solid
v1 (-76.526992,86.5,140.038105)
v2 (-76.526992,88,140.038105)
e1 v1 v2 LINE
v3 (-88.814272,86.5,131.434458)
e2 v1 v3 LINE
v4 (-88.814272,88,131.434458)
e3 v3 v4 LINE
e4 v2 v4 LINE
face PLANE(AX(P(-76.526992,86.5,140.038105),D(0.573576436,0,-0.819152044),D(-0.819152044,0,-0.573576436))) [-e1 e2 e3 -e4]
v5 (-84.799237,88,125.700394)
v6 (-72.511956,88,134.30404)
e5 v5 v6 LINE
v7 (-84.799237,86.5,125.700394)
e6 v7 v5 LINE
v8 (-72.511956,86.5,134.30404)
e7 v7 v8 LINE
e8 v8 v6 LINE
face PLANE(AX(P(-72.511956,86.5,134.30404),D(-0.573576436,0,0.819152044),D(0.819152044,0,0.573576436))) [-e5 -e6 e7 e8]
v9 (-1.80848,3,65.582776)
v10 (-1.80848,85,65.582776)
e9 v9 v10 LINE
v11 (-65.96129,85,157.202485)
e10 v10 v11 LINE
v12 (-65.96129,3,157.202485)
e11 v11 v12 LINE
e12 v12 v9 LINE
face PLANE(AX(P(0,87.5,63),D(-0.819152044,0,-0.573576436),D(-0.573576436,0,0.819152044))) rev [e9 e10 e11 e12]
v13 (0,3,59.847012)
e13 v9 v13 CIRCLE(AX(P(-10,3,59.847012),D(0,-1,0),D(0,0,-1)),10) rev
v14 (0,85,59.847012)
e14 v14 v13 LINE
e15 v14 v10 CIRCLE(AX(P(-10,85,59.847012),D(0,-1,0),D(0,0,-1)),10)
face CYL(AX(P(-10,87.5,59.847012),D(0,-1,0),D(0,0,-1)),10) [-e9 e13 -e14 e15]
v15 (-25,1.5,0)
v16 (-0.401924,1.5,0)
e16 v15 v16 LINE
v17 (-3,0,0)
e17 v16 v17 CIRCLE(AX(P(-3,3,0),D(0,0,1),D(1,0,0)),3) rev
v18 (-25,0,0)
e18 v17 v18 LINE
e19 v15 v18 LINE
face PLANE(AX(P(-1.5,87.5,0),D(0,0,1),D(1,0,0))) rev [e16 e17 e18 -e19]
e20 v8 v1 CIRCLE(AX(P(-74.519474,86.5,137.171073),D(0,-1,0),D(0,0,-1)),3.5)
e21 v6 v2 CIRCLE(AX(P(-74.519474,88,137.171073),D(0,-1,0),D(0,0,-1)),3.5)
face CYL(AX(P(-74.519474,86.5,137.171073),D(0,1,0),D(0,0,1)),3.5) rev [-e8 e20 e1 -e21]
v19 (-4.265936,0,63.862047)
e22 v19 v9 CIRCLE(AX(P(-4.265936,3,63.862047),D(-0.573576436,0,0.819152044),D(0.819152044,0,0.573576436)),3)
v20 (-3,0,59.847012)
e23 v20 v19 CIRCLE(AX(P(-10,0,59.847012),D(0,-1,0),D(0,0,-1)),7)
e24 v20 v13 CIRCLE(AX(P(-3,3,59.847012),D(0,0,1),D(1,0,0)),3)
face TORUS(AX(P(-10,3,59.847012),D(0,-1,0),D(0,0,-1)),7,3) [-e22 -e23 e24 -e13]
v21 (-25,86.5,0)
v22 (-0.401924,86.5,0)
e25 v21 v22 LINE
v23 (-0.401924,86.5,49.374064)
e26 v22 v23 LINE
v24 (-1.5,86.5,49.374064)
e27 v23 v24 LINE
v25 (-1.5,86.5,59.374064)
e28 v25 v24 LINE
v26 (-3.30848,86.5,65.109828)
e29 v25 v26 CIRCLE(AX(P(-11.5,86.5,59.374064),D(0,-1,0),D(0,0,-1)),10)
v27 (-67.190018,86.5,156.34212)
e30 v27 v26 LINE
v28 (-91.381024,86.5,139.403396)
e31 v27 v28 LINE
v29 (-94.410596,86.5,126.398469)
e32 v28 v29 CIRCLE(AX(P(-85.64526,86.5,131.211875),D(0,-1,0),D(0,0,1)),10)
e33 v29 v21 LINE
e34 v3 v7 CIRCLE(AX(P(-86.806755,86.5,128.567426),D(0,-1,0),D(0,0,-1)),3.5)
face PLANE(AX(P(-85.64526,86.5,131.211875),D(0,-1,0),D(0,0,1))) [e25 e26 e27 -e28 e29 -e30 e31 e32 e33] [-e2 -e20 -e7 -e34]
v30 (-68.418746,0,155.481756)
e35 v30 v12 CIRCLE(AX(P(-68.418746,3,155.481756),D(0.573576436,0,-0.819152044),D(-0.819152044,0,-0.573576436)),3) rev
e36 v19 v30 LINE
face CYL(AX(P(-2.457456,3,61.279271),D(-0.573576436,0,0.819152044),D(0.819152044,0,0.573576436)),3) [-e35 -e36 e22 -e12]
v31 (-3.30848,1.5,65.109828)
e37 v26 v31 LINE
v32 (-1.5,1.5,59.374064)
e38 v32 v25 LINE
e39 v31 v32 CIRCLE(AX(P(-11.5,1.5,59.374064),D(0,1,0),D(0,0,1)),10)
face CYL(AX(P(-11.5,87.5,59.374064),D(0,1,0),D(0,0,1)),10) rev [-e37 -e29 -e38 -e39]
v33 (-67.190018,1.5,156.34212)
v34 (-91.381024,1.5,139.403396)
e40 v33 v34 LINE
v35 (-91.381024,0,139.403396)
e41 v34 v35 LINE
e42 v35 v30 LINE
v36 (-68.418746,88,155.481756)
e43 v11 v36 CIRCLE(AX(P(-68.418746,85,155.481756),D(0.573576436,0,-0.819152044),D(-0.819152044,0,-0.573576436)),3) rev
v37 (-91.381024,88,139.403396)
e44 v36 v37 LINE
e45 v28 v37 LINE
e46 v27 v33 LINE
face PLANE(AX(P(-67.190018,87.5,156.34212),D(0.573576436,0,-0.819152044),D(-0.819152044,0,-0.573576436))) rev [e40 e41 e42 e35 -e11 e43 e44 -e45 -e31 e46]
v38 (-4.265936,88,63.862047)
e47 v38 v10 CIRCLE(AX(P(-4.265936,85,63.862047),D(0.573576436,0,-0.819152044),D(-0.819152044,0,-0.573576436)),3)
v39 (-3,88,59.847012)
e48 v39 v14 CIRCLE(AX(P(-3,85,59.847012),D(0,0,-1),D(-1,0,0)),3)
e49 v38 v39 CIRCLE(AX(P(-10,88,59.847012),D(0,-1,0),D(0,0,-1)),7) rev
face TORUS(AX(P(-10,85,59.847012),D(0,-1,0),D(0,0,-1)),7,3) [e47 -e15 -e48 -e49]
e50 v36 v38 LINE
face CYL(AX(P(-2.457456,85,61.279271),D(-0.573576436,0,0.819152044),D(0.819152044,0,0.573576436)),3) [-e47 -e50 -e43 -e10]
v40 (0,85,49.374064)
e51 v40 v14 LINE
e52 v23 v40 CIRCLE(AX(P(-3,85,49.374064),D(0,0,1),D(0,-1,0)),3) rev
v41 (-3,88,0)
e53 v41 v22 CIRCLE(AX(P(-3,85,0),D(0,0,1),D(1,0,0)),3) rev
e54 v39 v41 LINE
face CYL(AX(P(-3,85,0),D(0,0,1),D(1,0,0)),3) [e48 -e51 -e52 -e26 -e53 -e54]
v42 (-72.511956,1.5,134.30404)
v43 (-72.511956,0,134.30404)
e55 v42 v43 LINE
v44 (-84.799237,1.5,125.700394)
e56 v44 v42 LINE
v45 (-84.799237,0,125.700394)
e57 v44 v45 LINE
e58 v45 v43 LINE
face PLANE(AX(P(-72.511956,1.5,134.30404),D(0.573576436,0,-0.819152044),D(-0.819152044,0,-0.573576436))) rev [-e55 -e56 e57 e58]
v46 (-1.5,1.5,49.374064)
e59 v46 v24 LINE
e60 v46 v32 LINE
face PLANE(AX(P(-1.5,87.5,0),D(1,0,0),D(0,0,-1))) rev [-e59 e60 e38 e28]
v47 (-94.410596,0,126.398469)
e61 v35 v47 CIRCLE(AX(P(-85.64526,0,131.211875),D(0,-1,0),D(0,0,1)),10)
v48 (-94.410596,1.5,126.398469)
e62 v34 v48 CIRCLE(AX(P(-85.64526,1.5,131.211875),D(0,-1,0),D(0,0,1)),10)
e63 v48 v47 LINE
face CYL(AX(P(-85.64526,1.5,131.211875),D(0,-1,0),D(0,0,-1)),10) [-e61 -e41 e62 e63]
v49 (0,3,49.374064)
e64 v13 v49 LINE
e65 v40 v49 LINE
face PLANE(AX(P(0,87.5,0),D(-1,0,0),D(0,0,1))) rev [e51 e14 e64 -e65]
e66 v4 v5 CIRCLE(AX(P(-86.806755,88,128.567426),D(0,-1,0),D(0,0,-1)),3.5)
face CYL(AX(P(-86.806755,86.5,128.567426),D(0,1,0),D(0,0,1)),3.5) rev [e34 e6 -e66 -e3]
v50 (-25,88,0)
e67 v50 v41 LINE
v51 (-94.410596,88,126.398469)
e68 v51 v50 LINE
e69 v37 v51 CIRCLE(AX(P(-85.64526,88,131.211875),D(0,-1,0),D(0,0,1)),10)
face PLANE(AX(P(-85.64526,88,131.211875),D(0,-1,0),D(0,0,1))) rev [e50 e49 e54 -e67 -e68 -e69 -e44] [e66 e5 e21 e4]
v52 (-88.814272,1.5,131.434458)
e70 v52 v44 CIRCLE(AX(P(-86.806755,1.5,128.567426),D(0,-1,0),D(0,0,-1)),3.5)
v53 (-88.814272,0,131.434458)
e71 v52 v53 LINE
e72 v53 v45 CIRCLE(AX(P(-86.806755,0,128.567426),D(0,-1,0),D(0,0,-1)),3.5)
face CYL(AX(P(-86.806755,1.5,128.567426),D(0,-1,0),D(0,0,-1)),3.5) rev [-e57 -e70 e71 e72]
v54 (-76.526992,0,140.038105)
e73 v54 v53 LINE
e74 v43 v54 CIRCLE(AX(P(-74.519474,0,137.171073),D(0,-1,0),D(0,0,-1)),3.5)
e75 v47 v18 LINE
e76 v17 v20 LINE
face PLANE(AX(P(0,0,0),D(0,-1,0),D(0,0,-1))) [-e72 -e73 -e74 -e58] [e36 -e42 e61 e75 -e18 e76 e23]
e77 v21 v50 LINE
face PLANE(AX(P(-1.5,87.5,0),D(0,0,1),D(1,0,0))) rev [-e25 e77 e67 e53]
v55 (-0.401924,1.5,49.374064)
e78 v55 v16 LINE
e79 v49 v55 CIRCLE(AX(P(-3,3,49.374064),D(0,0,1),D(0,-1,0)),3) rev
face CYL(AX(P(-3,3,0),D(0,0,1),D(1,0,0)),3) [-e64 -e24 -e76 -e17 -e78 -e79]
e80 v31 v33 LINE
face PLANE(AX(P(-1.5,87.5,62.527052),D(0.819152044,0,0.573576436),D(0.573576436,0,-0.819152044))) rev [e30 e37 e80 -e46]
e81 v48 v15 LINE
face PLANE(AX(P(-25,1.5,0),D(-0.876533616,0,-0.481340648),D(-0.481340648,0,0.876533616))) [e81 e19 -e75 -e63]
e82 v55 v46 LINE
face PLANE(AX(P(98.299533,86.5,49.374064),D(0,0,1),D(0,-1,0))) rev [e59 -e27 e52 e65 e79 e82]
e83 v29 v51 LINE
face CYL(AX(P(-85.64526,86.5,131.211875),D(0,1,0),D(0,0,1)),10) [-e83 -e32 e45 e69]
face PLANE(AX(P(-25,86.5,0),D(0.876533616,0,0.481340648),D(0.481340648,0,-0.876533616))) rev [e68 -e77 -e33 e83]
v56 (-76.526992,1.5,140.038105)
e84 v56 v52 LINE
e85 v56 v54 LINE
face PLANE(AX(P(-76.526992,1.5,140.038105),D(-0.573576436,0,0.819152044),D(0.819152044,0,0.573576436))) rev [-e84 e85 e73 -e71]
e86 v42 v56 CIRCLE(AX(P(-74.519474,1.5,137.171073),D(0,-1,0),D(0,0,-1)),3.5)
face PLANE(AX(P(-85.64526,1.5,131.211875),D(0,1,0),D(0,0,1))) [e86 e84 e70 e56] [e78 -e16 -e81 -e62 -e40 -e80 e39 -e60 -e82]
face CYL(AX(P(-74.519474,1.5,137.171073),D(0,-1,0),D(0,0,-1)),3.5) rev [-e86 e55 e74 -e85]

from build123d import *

# Parameters (mm, degrees)
BOSS_EXTRUDE1_DEPTH = 87.5
BOSS_EXTRUDE2_DEPTH = 1.5
FILLET1_R           = 10
FILLET2_R           = 3
CUT_EXTRUDE1_REACH  = 205.273
SKETCH3_W           = 49.374063928
SKETCH3_H           = 85


with BuildPart() as part:
    # Sketch1 → Boss-Extrude1 (new body)
    with BuildSketch(Plane(origin=(0, 0, 0), x_dir=(1, 0, 0), z_dir=(0, 1, 0))):
        Polygon((0, 0), (0, -63), (-65.96129018, -157.202485093), (-67.190018247, -156.342120439), (-1.5, -62.527051817), (-1.5, 0), align=None)
    extrude(amount=BOSS_EXTRUDE1_DEPTH)

    # Sketch2 → Boss-Extrude2 (add)
    with BuildSketch(Plane.XZ):
        with BuildLine():
            Line((0, 0), (-25, 0))
            Line((-25, 0), (-94.410596168, 126.398468668))
            ThreePointArc((-94.410596168, 126.398468668), (-95.384485345, 133.480683165), (-91.38102437, 139.403395594))
            Line((-91.38102437, 139.403395594), (-65.96129018, 157.202485093))
            Line((-65.96129018, 157.202485093), (0, 63))
            Line((0, 63), (0, 0))
        make_face()
        with BuildLine():
            Line((-72.511956454, 134.304040356), (-84.799237119, 125.700393811))
            ThreePointArc((-84.799237119, 125.700393811), (-89.673786801, 126.559908439), (-88.814272173, 131.434458121))
            Line((-88.814272173, 131.434458121), (-76.526991509, 140.038104666))
            ThreePointArc((-76.526991509, 140.038104666), (-71.652441827, 139.178590039), (-72.511956454, 134.304040356))
        make_face(mode=Mode.SUBTRACT)
    boss_extrude2 = extrude(amount=-BOSS_EXTRUDE2_DEPTH)

    # Mirror1: Boss-Extrude2 across plane
    add(boss_extrude2.mirror(Plane.ZX.offset(44)))

    # Fillet1
    fillet1_edges = [part.edges().sort_by_distance(p)[0] for p in [
        (0, 44, 63),
        (-1.5, 44, 62.527051817),
    ]]
    fillet(fillet1_edges, radius=FILLET1_R)

    # Fillet2
    fillet2_edges = [part.edges().sort_by_distance(p)[0] for p in [
        (0, 88, 29.923506056),
        (-33.884884869, 0, 111.392630784),
        (0, 0, 29.923506056),
        (-0.462830493, 0, 62.854070106),
        (-33.884884869, 88, 111.392630784),
        (-0.462830493, 88, 62.854070106),
    ]]
    fillet(fillet2_edges, radius=FILLET2_R)

    # Cut-Extrude1: up to this face of the body (flat: up to its plane)
    cut_extrude1_end = Plane(part.part.faces().sort_by_distance((0, 44, 29.923506056))[0])
    # Sketch3 → Cut-Extrude1 (cut, up to the picked face)
    with BuildSketch(Plane.ZY.offset(1.5), mode=Mode.PRIVATE) as cut_extrude1_sk1:
        with Locations((24.687031964, 44)):
            Rectangle(SKETCH3_W, SKETCH3_H)
    cut_extrude1_tool1 = split(extrude(cut_extrude1_sk1.sketch, amount=-CUT_EXTRUDE1_REACH, mode=Mode.PRIVATE), bisect_by=cut_extrude1_end, keep=Keep.BOTH, mode=Mode.PRIVATE)
    add(cut_extrude1_tool1.solids().sort_by(Axis((-1.5, 44, 24.687032), (1, 0, 0)))[0], mode=Mode.SUBTRACT)


solid = part.part
